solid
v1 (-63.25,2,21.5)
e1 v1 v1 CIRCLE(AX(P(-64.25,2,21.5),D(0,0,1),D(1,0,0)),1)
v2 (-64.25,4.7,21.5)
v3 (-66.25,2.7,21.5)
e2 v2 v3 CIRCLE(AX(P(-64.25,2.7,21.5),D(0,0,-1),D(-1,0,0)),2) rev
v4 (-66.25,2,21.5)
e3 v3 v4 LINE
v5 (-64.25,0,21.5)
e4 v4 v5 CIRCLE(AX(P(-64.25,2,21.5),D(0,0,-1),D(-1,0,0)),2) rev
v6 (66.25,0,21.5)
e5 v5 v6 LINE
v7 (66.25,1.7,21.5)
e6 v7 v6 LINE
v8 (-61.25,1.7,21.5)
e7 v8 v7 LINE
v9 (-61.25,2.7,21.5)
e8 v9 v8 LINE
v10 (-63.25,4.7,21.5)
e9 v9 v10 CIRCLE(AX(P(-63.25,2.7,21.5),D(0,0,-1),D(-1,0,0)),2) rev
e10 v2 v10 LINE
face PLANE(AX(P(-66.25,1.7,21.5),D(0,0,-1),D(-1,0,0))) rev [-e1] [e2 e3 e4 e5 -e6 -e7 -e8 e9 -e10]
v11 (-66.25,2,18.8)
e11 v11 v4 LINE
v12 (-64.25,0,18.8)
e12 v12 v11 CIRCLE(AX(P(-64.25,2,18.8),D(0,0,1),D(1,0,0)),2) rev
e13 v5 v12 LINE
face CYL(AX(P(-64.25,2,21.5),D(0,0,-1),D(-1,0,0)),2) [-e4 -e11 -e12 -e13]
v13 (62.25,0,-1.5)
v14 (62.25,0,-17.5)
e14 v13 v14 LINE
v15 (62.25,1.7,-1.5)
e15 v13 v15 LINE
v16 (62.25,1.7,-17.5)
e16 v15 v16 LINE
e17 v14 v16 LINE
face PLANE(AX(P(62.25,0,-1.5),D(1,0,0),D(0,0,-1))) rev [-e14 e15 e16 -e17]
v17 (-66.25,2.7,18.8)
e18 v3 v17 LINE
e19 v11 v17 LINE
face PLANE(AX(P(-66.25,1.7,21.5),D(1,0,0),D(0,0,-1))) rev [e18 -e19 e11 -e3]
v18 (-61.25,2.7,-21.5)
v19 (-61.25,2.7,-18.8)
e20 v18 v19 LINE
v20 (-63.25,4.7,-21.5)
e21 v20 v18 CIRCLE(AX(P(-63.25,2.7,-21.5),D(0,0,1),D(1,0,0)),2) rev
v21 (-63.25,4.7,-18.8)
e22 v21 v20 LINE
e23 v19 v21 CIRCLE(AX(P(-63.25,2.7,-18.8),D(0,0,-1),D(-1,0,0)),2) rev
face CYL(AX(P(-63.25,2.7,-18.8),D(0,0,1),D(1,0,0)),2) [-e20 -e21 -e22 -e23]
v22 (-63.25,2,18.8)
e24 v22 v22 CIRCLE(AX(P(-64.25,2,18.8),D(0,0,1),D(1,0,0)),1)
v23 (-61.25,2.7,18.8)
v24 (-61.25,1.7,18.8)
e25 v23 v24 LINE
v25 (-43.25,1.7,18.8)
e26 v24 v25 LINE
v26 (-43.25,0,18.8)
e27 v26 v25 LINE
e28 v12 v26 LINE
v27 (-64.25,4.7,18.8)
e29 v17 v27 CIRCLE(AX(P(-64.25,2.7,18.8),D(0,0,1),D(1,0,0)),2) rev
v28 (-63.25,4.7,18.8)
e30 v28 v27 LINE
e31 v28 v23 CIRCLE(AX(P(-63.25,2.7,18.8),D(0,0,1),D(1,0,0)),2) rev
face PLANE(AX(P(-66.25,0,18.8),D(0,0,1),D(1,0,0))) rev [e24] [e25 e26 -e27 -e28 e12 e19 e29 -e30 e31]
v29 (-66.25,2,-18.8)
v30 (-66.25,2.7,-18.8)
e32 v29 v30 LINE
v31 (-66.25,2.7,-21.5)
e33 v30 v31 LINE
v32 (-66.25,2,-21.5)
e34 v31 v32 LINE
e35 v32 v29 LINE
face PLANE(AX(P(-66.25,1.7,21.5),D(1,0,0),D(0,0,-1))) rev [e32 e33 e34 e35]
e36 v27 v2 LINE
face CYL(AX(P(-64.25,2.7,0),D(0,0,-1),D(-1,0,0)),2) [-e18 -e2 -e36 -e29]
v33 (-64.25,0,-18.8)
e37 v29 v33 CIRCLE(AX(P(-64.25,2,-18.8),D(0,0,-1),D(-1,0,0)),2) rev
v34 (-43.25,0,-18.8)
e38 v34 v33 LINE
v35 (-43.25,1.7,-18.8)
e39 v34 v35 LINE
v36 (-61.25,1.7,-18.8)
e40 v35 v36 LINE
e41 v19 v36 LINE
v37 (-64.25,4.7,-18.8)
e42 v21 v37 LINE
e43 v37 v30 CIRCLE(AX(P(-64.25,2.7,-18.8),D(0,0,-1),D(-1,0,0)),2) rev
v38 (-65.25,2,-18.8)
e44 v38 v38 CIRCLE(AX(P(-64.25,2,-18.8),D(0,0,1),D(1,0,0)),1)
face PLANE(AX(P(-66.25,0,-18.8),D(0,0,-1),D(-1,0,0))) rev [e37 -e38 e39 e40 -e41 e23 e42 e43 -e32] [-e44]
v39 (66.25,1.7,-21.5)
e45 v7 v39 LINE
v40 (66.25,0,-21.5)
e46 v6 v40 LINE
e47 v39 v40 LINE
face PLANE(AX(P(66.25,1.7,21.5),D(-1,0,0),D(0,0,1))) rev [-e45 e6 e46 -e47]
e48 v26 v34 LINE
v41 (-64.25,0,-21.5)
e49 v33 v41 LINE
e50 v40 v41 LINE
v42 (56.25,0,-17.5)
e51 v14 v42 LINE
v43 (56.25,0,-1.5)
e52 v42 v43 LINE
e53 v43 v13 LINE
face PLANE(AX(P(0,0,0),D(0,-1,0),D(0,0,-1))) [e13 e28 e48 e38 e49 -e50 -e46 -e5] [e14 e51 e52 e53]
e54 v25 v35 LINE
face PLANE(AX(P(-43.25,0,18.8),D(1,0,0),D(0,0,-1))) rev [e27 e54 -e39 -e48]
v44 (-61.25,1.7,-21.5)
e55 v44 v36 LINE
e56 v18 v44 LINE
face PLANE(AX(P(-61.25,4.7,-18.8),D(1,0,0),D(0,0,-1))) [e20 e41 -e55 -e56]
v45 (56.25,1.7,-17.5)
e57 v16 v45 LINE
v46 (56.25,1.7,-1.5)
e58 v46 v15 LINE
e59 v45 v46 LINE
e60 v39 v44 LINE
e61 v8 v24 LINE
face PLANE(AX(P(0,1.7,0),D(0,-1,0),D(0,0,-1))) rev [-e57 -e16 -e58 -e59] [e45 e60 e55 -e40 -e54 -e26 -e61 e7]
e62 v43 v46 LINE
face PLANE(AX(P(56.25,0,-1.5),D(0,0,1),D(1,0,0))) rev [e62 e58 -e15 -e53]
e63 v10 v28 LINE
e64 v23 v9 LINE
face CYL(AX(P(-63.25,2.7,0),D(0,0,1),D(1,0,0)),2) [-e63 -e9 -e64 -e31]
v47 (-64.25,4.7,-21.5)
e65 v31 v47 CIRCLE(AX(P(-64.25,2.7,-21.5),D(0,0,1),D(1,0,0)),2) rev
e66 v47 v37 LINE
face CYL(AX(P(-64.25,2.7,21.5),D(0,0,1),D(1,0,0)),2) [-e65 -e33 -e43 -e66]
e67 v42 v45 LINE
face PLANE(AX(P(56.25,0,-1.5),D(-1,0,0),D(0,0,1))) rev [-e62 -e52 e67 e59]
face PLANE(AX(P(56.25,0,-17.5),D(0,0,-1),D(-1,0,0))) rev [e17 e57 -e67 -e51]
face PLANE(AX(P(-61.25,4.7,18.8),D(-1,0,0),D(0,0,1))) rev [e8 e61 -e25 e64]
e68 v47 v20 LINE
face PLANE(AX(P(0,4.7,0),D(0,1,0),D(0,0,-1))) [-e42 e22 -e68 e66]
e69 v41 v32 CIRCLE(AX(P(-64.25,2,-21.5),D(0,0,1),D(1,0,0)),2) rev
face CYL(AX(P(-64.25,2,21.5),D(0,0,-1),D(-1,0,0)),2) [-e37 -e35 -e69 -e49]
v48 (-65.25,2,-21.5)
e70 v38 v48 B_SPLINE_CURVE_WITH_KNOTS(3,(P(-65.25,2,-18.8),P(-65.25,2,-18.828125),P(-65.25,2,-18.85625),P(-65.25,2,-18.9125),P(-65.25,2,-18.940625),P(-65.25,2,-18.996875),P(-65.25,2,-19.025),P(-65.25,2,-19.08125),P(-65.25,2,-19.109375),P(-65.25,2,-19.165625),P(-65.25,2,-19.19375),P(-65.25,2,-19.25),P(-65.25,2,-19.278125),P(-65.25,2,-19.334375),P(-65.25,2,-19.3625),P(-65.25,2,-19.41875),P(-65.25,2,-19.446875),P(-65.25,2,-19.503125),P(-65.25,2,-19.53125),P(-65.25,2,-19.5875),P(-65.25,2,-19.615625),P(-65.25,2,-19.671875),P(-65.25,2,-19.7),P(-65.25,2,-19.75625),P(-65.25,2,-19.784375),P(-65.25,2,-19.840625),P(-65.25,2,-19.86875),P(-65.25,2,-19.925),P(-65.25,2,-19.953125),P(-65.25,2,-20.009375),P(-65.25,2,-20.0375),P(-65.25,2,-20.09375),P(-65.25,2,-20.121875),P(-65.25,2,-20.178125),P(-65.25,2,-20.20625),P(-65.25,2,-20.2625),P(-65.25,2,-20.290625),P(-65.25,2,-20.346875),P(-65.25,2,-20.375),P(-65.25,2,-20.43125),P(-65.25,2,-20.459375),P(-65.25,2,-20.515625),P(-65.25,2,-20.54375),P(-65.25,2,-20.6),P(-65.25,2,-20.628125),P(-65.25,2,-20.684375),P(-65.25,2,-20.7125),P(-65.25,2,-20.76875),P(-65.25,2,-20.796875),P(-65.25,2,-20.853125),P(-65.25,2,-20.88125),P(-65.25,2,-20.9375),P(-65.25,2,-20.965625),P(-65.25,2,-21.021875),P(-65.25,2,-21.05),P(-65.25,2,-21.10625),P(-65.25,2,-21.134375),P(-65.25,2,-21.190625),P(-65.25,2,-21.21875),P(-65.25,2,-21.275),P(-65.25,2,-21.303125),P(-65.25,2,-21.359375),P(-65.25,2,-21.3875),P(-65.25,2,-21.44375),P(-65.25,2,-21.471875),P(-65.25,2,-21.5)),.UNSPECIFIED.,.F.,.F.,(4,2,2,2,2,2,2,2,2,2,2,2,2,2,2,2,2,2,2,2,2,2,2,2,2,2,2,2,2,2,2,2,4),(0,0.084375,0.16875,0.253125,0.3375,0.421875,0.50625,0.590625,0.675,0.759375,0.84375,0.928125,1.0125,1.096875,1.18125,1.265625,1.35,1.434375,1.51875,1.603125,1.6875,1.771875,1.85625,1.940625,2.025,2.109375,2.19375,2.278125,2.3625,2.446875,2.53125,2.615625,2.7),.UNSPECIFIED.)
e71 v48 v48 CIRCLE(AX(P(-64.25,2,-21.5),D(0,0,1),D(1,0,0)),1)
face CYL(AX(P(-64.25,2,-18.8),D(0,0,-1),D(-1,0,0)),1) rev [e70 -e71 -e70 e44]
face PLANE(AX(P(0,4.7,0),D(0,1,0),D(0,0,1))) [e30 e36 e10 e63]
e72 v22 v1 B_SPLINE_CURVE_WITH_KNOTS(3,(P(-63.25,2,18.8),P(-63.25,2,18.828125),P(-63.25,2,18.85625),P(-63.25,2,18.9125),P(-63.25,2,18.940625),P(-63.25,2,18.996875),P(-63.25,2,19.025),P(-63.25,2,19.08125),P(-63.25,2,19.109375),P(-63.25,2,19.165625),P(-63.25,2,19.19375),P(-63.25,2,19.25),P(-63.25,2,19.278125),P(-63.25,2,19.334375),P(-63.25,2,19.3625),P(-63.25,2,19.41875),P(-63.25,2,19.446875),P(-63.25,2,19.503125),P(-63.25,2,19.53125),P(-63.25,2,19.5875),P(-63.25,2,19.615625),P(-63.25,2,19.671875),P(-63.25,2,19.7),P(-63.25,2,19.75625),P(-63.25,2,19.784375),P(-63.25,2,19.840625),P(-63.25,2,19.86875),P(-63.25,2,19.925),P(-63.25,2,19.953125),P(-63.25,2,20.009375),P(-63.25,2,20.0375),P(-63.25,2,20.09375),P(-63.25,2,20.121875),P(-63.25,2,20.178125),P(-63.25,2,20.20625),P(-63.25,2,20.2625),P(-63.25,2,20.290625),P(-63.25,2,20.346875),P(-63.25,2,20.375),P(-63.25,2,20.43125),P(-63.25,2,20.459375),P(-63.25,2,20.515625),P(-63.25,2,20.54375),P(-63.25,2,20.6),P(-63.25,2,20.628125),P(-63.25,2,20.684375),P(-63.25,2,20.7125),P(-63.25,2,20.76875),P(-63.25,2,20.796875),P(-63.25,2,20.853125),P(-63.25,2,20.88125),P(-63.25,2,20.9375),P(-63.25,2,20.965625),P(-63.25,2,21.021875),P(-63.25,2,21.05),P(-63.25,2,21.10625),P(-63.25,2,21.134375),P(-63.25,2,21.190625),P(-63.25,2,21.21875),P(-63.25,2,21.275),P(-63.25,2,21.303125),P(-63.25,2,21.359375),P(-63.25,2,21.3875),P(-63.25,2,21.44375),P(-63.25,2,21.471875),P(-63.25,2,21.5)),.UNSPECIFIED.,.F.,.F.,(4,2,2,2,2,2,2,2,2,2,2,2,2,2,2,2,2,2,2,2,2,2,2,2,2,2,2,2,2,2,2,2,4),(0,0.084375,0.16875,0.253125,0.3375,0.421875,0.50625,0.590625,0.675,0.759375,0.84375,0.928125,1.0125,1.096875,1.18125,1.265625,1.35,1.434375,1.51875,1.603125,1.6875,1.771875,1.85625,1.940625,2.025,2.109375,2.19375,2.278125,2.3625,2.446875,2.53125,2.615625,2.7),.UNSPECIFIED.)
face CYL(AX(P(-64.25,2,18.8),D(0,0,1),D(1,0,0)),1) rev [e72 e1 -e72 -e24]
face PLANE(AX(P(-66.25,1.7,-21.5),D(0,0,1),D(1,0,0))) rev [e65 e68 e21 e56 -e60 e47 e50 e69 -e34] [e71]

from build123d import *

# Parameters (mm, degrees)
SKETCH1_W            = 132.5
SKETCH1_H            = 43
BOSS_EXTRUDE1_DEPTH  = 1.7
SKETCH2_W            = 23
SKETCH2_H            = 37.6
CUT_EXTRUDE1_DEPTH   = 1.7
SKETCH4_W            = 5
SKETCH4_H            = 2.7
BOSS_EXTRUDE2_DEPTH  = 3
SKETCH5_R            = 1
CUT_EXTRUDE2_DEPTH   = 2.7
FILLET1_R            = 2
FILLET1_OF_MIRROR2_R = 2
SKETCH10_W           = 6
SKETCH10_H           = 16
CUT_EXTRUDE3_DEPTH   = 1.7


with BuildPart() as part:
    # Sketch1 → Boss-Extrude1 (new body)
    with BuildSketch(Plane(origin=(0, 0, 0), x_dir=(1, 0, 0), z_dir=(0, 1, 0))):
        Rectangle(SKETCH1_W, SKETCH1_H)
    extrude(amount=BOSS_EXTRUDE1_DEPTH)

    # Sketch2 → Cut-Extrude1 (cut)
    with BuildSketch(Plane(origin=(0, 1.7, 0), x_dir=(1, 0, 0), z_dir=(0, 1, 0))):
        with Locations((-54.75, 0)):
            Rectangle(SKETCH2_W, SKETCH2_H)
    extrude(amount=-CUT_EXTRUDE1_DEPTH, mode=Mode.SUBTRACT)

    # Sketch4 → Boss-Extrude2 (add)
    with BuildSketch(Plane(origin=(0, 1.7, 0), x_dir=(1, 0, 0), z_dir=(0, 1, 0))):
        with Locations((-63.75, -20.15)):
            Rectangle(SKETCH4_W, SKETCH4_H)
    boss_extrude2 = extrude(amount=BOSS_EXTRUDE2_DEPTH)

    # Sketch5 → Cut-Extrude2 (cut)
    with BuildSketch(Plane.XY.offset(21.5)):
        with Locations((-64.25, 2)):
            Circle(SKETCH5_R)
    cut_extrude2 = extrude(amount=-CUT_EXTRUDE2_DEPTH, mode=Mode.SUBTRACT)

    # Fillet1
    fillet1_edges = [part.edges().sort_by_distance(p)[0] for p in [
        (-66.25, 0, 20.15),
        (-66.25, 4.7, 20.15),
        (-61.25, 4.7, 20.15),
    ]]
    fillet(fillet1_edges, radius=FILLET1_R)

    # Mirror2: Boss-Extrude2, Cut-Extrude2 across plane
    add(boss_extrude2.mirror(Plane.XY))
    add(cut_extrude2.mirror(Plane.XY), mode=Mode.SUBTRACT)

    # Fillet1 of Mirror2
    fillet1_of_mirror2_edges = [part.edges().sort_by_distance(p)[0] for p in [
        (-66.25, 0, -20.15),
        (-66.25, 4.7, -20.15),
        (-61.25, 4.7, -20.15),
    ]]
    fillet(fillet1_of_mirror2_edges, radius=FILLET1_OF_MIRROR2_R)

    # Sketch10 → Cut-Extrude3 (cut)
    with BuildSketch(Plane(origin=(0, 1.7, 0), x_dir=(1, 0, 0), z_dir=(0, 1, 0))):
        with Locations((59.25, 9.5)):
            Rectangle(SKETCH10_W, SKETCH10_H)
    extrude(amount=-CUT_EXTRUDE3_DEPTH, mode=Mode.SUBTRACT)


solid = part.part
